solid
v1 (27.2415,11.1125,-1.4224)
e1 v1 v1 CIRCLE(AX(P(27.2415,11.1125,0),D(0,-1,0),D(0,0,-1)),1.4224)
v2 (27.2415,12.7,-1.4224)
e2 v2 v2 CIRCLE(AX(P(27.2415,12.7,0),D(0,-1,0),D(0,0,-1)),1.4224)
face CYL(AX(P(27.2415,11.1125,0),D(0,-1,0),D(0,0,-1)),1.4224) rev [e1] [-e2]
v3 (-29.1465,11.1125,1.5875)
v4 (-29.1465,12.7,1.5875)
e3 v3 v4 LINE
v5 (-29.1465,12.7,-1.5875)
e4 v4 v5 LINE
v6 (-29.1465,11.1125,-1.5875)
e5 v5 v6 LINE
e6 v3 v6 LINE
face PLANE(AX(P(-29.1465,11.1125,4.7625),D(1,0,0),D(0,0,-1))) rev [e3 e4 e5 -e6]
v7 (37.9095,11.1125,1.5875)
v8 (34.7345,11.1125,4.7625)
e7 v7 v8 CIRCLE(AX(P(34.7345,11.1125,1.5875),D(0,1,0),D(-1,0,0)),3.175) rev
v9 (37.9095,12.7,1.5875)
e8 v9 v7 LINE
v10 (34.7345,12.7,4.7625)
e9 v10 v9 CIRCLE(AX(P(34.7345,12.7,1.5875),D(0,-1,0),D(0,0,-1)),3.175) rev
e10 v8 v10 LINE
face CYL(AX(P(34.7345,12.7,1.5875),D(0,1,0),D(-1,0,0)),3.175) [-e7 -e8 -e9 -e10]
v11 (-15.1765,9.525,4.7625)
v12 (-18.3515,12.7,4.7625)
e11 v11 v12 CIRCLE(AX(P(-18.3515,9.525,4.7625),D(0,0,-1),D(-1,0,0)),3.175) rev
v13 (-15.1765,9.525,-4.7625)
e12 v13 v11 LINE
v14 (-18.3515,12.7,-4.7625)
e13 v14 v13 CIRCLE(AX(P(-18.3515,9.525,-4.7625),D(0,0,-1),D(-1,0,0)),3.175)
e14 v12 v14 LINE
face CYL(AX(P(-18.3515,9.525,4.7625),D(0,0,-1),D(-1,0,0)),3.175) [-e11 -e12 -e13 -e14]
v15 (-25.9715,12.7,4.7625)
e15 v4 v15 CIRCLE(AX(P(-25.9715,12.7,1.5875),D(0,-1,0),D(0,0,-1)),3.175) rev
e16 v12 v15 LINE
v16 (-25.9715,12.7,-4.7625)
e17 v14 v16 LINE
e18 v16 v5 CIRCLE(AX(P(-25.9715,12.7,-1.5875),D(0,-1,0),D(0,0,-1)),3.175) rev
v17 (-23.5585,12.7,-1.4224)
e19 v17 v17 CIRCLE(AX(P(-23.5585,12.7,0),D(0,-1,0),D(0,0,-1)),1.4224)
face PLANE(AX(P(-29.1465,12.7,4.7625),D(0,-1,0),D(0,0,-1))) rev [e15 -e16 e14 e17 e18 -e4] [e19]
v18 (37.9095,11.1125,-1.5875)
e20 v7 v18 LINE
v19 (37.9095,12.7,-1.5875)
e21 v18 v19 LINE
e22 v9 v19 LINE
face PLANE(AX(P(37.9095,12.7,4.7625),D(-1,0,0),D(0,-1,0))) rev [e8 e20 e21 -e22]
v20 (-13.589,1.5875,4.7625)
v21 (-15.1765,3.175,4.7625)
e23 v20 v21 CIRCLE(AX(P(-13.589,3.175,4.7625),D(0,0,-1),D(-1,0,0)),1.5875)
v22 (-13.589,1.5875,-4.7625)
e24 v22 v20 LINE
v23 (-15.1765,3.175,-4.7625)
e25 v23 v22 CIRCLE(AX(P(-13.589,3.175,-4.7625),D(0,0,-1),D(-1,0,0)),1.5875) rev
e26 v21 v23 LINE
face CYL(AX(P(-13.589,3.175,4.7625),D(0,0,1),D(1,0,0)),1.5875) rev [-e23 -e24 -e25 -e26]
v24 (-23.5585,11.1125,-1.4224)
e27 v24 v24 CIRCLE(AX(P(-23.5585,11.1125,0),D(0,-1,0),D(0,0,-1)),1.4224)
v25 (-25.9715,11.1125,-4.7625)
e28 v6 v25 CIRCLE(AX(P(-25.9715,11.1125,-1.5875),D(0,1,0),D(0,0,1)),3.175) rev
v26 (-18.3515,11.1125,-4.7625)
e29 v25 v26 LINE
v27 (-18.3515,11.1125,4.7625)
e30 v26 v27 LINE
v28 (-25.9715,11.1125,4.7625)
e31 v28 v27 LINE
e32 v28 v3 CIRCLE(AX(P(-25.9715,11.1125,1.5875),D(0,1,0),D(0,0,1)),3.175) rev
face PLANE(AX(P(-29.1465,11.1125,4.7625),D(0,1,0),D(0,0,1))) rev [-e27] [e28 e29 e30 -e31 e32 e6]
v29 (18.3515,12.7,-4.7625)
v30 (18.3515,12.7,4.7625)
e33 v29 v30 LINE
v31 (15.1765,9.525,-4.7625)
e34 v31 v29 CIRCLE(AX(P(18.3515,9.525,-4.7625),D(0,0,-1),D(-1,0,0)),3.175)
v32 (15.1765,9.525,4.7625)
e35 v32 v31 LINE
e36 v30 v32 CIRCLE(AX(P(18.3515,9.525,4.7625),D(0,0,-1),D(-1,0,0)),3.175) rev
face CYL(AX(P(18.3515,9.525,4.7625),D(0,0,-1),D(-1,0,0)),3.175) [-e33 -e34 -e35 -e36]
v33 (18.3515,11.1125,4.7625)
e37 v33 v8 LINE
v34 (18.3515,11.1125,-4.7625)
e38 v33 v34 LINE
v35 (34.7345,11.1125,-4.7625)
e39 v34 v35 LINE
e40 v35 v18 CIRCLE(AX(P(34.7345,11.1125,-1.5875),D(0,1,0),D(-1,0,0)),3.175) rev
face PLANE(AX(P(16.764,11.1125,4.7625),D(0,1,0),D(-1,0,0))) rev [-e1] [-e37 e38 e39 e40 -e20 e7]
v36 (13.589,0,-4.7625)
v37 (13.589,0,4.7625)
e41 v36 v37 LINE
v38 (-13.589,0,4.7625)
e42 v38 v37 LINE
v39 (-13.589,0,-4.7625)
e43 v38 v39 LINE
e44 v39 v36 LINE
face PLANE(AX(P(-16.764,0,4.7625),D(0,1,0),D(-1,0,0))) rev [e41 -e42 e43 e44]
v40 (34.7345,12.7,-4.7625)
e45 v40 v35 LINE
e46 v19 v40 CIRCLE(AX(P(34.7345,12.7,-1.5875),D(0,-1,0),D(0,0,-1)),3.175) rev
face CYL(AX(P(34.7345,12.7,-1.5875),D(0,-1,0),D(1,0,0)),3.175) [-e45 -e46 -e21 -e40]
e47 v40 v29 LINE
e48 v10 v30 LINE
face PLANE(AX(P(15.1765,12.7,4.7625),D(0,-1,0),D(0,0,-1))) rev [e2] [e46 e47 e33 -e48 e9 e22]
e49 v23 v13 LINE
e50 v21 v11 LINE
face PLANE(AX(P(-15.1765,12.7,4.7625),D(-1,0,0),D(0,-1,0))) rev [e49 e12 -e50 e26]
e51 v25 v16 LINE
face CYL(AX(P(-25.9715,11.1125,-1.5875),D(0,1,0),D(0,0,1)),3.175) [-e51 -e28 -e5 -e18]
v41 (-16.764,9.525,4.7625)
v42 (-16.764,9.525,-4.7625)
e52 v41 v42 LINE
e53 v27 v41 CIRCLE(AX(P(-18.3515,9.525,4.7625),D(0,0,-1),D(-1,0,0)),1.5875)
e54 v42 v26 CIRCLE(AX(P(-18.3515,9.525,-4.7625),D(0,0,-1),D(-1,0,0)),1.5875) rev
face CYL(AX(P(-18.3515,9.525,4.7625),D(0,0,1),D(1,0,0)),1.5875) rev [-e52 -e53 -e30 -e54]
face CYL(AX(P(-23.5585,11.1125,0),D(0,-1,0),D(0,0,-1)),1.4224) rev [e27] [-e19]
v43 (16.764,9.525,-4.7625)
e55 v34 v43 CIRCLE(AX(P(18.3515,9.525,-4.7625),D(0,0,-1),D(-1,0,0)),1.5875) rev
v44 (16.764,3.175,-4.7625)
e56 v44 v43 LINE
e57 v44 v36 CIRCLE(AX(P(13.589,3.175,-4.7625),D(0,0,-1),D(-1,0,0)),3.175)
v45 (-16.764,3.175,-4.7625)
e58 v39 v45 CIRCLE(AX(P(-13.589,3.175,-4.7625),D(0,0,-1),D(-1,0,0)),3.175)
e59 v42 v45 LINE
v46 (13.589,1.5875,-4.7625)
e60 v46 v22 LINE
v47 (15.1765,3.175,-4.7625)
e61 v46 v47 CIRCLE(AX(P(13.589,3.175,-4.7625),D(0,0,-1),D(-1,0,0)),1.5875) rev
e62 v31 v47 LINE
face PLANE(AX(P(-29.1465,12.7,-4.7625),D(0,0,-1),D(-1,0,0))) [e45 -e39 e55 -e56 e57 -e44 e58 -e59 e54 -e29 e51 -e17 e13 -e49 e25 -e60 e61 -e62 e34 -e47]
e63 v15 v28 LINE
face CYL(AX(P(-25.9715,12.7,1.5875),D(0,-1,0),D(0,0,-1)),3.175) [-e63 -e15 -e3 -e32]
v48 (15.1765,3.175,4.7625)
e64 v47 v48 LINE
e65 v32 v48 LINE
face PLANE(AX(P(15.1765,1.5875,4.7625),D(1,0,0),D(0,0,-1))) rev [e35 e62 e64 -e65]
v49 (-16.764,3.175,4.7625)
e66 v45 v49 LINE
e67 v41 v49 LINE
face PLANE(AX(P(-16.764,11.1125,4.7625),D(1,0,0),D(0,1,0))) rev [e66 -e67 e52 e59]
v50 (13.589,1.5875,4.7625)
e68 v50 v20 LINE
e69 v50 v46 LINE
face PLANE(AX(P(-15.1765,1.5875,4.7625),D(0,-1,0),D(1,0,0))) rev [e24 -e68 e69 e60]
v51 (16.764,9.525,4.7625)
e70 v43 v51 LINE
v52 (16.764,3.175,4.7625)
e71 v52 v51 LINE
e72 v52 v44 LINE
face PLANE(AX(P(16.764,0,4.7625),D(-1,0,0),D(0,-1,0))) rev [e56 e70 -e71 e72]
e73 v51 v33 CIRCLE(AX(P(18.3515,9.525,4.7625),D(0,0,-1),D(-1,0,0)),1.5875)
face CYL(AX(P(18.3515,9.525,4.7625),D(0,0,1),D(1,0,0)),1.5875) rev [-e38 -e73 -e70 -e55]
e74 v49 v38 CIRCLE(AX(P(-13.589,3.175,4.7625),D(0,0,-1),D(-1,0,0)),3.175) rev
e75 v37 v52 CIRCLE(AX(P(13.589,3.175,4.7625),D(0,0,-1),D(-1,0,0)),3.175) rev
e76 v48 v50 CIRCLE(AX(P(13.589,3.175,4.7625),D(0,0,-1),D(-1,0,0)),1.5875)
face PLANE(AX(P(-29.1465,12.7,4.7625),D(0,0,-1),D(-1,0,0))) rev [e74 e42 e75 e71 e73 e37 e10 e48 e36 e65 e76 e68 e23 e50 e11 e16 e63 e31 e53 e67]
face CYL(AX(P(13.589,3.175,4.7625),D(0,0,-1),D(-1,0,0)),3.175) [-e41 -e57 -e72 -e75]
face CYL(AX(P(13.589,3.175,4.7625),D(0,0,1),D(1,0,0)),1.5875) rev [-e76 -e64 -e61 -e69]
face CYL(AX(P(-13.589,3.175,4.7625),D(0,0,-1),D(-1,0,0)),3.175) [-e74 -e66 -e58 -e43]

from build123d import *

# Parameters (mm, degrees)
BOSS_EXTRUDE1_DEPTH = 4.7625
FILLET1_R           = 1.5875
FILLET2_R           = 3.175
FILLET3_R           = 3.175
HOLE1_D             = 2.8448
HOLE2_D             = 2.8448


with BuildPart() as part:
    # Sketch1 → Boss-Extrude1 (new body, symmetric)
    with BuildSketch(Plane.XY):
        Polygon((-29.1465, 11.1125), (-16.764, 11.1125), (-16.764, 0), (16.764, 0), (16.764, 11.1125), (37.9095, 11.1125), (37.9095, 12.7), (15.1765, 12.7), (15.1765, 1.5875), (-15.1765, 1.5875), (-15.1765, 12.7), (-29.1465, 12.7), align=None)
    extrude(amount=BOSS_EXTRUDE1_DEPTH, both=True)

    # Fillet1
    fillet1_edges = [part.edges().sort_by_distance(p)[0] for p in [
        (-15.1765, 1.5875, 0),
        (15.1765, 1.5875, 0),
        (16.764, 11.1125, 0),
        (-16.764, 11.1125, 0),
    ]]
    fillet(fillet1_edges, radius=FILLET1_R)

    # Fillet2
    fillet2_edges = [part.edges().sort_by_distance(p)[0] for p in [
        (-15.1765, 12.7, 0),
        (15.1765, 12.7, 0),
        (16.764, 0, 0),
        (-16.764, 0, 0),
    ]]
    fillet(fillet2_edges, radius=FILLET2_R)

    # Fillet3
    fillet3_edges = [part.edges().sort_by_distance(p)[0] for p in [
        (37.9095, 11.90625, -4.7625),
        (-29.1465, 11.90625, -4.7625),
        (37.9095, 11.90625, 4.7625),
        (-29.1465, 11.90625, 4.7625),
    ]]
    fillet(fillet3_edges, radius=FILLET3_R)

    # Hole1 (through all)
    with Locations(Plane.XZ.offset(-11.1125)):
        with Locations((27.2415, 0)):
            Hole(HOLE1_D / 2)

    # Hole2 (through all)
    with Locations(Plane.XZ.offset(-11.1125)):
        with Locations((-23.5585, 0)):
            Hole(HOLE2_D / 2)


solid = part.part
